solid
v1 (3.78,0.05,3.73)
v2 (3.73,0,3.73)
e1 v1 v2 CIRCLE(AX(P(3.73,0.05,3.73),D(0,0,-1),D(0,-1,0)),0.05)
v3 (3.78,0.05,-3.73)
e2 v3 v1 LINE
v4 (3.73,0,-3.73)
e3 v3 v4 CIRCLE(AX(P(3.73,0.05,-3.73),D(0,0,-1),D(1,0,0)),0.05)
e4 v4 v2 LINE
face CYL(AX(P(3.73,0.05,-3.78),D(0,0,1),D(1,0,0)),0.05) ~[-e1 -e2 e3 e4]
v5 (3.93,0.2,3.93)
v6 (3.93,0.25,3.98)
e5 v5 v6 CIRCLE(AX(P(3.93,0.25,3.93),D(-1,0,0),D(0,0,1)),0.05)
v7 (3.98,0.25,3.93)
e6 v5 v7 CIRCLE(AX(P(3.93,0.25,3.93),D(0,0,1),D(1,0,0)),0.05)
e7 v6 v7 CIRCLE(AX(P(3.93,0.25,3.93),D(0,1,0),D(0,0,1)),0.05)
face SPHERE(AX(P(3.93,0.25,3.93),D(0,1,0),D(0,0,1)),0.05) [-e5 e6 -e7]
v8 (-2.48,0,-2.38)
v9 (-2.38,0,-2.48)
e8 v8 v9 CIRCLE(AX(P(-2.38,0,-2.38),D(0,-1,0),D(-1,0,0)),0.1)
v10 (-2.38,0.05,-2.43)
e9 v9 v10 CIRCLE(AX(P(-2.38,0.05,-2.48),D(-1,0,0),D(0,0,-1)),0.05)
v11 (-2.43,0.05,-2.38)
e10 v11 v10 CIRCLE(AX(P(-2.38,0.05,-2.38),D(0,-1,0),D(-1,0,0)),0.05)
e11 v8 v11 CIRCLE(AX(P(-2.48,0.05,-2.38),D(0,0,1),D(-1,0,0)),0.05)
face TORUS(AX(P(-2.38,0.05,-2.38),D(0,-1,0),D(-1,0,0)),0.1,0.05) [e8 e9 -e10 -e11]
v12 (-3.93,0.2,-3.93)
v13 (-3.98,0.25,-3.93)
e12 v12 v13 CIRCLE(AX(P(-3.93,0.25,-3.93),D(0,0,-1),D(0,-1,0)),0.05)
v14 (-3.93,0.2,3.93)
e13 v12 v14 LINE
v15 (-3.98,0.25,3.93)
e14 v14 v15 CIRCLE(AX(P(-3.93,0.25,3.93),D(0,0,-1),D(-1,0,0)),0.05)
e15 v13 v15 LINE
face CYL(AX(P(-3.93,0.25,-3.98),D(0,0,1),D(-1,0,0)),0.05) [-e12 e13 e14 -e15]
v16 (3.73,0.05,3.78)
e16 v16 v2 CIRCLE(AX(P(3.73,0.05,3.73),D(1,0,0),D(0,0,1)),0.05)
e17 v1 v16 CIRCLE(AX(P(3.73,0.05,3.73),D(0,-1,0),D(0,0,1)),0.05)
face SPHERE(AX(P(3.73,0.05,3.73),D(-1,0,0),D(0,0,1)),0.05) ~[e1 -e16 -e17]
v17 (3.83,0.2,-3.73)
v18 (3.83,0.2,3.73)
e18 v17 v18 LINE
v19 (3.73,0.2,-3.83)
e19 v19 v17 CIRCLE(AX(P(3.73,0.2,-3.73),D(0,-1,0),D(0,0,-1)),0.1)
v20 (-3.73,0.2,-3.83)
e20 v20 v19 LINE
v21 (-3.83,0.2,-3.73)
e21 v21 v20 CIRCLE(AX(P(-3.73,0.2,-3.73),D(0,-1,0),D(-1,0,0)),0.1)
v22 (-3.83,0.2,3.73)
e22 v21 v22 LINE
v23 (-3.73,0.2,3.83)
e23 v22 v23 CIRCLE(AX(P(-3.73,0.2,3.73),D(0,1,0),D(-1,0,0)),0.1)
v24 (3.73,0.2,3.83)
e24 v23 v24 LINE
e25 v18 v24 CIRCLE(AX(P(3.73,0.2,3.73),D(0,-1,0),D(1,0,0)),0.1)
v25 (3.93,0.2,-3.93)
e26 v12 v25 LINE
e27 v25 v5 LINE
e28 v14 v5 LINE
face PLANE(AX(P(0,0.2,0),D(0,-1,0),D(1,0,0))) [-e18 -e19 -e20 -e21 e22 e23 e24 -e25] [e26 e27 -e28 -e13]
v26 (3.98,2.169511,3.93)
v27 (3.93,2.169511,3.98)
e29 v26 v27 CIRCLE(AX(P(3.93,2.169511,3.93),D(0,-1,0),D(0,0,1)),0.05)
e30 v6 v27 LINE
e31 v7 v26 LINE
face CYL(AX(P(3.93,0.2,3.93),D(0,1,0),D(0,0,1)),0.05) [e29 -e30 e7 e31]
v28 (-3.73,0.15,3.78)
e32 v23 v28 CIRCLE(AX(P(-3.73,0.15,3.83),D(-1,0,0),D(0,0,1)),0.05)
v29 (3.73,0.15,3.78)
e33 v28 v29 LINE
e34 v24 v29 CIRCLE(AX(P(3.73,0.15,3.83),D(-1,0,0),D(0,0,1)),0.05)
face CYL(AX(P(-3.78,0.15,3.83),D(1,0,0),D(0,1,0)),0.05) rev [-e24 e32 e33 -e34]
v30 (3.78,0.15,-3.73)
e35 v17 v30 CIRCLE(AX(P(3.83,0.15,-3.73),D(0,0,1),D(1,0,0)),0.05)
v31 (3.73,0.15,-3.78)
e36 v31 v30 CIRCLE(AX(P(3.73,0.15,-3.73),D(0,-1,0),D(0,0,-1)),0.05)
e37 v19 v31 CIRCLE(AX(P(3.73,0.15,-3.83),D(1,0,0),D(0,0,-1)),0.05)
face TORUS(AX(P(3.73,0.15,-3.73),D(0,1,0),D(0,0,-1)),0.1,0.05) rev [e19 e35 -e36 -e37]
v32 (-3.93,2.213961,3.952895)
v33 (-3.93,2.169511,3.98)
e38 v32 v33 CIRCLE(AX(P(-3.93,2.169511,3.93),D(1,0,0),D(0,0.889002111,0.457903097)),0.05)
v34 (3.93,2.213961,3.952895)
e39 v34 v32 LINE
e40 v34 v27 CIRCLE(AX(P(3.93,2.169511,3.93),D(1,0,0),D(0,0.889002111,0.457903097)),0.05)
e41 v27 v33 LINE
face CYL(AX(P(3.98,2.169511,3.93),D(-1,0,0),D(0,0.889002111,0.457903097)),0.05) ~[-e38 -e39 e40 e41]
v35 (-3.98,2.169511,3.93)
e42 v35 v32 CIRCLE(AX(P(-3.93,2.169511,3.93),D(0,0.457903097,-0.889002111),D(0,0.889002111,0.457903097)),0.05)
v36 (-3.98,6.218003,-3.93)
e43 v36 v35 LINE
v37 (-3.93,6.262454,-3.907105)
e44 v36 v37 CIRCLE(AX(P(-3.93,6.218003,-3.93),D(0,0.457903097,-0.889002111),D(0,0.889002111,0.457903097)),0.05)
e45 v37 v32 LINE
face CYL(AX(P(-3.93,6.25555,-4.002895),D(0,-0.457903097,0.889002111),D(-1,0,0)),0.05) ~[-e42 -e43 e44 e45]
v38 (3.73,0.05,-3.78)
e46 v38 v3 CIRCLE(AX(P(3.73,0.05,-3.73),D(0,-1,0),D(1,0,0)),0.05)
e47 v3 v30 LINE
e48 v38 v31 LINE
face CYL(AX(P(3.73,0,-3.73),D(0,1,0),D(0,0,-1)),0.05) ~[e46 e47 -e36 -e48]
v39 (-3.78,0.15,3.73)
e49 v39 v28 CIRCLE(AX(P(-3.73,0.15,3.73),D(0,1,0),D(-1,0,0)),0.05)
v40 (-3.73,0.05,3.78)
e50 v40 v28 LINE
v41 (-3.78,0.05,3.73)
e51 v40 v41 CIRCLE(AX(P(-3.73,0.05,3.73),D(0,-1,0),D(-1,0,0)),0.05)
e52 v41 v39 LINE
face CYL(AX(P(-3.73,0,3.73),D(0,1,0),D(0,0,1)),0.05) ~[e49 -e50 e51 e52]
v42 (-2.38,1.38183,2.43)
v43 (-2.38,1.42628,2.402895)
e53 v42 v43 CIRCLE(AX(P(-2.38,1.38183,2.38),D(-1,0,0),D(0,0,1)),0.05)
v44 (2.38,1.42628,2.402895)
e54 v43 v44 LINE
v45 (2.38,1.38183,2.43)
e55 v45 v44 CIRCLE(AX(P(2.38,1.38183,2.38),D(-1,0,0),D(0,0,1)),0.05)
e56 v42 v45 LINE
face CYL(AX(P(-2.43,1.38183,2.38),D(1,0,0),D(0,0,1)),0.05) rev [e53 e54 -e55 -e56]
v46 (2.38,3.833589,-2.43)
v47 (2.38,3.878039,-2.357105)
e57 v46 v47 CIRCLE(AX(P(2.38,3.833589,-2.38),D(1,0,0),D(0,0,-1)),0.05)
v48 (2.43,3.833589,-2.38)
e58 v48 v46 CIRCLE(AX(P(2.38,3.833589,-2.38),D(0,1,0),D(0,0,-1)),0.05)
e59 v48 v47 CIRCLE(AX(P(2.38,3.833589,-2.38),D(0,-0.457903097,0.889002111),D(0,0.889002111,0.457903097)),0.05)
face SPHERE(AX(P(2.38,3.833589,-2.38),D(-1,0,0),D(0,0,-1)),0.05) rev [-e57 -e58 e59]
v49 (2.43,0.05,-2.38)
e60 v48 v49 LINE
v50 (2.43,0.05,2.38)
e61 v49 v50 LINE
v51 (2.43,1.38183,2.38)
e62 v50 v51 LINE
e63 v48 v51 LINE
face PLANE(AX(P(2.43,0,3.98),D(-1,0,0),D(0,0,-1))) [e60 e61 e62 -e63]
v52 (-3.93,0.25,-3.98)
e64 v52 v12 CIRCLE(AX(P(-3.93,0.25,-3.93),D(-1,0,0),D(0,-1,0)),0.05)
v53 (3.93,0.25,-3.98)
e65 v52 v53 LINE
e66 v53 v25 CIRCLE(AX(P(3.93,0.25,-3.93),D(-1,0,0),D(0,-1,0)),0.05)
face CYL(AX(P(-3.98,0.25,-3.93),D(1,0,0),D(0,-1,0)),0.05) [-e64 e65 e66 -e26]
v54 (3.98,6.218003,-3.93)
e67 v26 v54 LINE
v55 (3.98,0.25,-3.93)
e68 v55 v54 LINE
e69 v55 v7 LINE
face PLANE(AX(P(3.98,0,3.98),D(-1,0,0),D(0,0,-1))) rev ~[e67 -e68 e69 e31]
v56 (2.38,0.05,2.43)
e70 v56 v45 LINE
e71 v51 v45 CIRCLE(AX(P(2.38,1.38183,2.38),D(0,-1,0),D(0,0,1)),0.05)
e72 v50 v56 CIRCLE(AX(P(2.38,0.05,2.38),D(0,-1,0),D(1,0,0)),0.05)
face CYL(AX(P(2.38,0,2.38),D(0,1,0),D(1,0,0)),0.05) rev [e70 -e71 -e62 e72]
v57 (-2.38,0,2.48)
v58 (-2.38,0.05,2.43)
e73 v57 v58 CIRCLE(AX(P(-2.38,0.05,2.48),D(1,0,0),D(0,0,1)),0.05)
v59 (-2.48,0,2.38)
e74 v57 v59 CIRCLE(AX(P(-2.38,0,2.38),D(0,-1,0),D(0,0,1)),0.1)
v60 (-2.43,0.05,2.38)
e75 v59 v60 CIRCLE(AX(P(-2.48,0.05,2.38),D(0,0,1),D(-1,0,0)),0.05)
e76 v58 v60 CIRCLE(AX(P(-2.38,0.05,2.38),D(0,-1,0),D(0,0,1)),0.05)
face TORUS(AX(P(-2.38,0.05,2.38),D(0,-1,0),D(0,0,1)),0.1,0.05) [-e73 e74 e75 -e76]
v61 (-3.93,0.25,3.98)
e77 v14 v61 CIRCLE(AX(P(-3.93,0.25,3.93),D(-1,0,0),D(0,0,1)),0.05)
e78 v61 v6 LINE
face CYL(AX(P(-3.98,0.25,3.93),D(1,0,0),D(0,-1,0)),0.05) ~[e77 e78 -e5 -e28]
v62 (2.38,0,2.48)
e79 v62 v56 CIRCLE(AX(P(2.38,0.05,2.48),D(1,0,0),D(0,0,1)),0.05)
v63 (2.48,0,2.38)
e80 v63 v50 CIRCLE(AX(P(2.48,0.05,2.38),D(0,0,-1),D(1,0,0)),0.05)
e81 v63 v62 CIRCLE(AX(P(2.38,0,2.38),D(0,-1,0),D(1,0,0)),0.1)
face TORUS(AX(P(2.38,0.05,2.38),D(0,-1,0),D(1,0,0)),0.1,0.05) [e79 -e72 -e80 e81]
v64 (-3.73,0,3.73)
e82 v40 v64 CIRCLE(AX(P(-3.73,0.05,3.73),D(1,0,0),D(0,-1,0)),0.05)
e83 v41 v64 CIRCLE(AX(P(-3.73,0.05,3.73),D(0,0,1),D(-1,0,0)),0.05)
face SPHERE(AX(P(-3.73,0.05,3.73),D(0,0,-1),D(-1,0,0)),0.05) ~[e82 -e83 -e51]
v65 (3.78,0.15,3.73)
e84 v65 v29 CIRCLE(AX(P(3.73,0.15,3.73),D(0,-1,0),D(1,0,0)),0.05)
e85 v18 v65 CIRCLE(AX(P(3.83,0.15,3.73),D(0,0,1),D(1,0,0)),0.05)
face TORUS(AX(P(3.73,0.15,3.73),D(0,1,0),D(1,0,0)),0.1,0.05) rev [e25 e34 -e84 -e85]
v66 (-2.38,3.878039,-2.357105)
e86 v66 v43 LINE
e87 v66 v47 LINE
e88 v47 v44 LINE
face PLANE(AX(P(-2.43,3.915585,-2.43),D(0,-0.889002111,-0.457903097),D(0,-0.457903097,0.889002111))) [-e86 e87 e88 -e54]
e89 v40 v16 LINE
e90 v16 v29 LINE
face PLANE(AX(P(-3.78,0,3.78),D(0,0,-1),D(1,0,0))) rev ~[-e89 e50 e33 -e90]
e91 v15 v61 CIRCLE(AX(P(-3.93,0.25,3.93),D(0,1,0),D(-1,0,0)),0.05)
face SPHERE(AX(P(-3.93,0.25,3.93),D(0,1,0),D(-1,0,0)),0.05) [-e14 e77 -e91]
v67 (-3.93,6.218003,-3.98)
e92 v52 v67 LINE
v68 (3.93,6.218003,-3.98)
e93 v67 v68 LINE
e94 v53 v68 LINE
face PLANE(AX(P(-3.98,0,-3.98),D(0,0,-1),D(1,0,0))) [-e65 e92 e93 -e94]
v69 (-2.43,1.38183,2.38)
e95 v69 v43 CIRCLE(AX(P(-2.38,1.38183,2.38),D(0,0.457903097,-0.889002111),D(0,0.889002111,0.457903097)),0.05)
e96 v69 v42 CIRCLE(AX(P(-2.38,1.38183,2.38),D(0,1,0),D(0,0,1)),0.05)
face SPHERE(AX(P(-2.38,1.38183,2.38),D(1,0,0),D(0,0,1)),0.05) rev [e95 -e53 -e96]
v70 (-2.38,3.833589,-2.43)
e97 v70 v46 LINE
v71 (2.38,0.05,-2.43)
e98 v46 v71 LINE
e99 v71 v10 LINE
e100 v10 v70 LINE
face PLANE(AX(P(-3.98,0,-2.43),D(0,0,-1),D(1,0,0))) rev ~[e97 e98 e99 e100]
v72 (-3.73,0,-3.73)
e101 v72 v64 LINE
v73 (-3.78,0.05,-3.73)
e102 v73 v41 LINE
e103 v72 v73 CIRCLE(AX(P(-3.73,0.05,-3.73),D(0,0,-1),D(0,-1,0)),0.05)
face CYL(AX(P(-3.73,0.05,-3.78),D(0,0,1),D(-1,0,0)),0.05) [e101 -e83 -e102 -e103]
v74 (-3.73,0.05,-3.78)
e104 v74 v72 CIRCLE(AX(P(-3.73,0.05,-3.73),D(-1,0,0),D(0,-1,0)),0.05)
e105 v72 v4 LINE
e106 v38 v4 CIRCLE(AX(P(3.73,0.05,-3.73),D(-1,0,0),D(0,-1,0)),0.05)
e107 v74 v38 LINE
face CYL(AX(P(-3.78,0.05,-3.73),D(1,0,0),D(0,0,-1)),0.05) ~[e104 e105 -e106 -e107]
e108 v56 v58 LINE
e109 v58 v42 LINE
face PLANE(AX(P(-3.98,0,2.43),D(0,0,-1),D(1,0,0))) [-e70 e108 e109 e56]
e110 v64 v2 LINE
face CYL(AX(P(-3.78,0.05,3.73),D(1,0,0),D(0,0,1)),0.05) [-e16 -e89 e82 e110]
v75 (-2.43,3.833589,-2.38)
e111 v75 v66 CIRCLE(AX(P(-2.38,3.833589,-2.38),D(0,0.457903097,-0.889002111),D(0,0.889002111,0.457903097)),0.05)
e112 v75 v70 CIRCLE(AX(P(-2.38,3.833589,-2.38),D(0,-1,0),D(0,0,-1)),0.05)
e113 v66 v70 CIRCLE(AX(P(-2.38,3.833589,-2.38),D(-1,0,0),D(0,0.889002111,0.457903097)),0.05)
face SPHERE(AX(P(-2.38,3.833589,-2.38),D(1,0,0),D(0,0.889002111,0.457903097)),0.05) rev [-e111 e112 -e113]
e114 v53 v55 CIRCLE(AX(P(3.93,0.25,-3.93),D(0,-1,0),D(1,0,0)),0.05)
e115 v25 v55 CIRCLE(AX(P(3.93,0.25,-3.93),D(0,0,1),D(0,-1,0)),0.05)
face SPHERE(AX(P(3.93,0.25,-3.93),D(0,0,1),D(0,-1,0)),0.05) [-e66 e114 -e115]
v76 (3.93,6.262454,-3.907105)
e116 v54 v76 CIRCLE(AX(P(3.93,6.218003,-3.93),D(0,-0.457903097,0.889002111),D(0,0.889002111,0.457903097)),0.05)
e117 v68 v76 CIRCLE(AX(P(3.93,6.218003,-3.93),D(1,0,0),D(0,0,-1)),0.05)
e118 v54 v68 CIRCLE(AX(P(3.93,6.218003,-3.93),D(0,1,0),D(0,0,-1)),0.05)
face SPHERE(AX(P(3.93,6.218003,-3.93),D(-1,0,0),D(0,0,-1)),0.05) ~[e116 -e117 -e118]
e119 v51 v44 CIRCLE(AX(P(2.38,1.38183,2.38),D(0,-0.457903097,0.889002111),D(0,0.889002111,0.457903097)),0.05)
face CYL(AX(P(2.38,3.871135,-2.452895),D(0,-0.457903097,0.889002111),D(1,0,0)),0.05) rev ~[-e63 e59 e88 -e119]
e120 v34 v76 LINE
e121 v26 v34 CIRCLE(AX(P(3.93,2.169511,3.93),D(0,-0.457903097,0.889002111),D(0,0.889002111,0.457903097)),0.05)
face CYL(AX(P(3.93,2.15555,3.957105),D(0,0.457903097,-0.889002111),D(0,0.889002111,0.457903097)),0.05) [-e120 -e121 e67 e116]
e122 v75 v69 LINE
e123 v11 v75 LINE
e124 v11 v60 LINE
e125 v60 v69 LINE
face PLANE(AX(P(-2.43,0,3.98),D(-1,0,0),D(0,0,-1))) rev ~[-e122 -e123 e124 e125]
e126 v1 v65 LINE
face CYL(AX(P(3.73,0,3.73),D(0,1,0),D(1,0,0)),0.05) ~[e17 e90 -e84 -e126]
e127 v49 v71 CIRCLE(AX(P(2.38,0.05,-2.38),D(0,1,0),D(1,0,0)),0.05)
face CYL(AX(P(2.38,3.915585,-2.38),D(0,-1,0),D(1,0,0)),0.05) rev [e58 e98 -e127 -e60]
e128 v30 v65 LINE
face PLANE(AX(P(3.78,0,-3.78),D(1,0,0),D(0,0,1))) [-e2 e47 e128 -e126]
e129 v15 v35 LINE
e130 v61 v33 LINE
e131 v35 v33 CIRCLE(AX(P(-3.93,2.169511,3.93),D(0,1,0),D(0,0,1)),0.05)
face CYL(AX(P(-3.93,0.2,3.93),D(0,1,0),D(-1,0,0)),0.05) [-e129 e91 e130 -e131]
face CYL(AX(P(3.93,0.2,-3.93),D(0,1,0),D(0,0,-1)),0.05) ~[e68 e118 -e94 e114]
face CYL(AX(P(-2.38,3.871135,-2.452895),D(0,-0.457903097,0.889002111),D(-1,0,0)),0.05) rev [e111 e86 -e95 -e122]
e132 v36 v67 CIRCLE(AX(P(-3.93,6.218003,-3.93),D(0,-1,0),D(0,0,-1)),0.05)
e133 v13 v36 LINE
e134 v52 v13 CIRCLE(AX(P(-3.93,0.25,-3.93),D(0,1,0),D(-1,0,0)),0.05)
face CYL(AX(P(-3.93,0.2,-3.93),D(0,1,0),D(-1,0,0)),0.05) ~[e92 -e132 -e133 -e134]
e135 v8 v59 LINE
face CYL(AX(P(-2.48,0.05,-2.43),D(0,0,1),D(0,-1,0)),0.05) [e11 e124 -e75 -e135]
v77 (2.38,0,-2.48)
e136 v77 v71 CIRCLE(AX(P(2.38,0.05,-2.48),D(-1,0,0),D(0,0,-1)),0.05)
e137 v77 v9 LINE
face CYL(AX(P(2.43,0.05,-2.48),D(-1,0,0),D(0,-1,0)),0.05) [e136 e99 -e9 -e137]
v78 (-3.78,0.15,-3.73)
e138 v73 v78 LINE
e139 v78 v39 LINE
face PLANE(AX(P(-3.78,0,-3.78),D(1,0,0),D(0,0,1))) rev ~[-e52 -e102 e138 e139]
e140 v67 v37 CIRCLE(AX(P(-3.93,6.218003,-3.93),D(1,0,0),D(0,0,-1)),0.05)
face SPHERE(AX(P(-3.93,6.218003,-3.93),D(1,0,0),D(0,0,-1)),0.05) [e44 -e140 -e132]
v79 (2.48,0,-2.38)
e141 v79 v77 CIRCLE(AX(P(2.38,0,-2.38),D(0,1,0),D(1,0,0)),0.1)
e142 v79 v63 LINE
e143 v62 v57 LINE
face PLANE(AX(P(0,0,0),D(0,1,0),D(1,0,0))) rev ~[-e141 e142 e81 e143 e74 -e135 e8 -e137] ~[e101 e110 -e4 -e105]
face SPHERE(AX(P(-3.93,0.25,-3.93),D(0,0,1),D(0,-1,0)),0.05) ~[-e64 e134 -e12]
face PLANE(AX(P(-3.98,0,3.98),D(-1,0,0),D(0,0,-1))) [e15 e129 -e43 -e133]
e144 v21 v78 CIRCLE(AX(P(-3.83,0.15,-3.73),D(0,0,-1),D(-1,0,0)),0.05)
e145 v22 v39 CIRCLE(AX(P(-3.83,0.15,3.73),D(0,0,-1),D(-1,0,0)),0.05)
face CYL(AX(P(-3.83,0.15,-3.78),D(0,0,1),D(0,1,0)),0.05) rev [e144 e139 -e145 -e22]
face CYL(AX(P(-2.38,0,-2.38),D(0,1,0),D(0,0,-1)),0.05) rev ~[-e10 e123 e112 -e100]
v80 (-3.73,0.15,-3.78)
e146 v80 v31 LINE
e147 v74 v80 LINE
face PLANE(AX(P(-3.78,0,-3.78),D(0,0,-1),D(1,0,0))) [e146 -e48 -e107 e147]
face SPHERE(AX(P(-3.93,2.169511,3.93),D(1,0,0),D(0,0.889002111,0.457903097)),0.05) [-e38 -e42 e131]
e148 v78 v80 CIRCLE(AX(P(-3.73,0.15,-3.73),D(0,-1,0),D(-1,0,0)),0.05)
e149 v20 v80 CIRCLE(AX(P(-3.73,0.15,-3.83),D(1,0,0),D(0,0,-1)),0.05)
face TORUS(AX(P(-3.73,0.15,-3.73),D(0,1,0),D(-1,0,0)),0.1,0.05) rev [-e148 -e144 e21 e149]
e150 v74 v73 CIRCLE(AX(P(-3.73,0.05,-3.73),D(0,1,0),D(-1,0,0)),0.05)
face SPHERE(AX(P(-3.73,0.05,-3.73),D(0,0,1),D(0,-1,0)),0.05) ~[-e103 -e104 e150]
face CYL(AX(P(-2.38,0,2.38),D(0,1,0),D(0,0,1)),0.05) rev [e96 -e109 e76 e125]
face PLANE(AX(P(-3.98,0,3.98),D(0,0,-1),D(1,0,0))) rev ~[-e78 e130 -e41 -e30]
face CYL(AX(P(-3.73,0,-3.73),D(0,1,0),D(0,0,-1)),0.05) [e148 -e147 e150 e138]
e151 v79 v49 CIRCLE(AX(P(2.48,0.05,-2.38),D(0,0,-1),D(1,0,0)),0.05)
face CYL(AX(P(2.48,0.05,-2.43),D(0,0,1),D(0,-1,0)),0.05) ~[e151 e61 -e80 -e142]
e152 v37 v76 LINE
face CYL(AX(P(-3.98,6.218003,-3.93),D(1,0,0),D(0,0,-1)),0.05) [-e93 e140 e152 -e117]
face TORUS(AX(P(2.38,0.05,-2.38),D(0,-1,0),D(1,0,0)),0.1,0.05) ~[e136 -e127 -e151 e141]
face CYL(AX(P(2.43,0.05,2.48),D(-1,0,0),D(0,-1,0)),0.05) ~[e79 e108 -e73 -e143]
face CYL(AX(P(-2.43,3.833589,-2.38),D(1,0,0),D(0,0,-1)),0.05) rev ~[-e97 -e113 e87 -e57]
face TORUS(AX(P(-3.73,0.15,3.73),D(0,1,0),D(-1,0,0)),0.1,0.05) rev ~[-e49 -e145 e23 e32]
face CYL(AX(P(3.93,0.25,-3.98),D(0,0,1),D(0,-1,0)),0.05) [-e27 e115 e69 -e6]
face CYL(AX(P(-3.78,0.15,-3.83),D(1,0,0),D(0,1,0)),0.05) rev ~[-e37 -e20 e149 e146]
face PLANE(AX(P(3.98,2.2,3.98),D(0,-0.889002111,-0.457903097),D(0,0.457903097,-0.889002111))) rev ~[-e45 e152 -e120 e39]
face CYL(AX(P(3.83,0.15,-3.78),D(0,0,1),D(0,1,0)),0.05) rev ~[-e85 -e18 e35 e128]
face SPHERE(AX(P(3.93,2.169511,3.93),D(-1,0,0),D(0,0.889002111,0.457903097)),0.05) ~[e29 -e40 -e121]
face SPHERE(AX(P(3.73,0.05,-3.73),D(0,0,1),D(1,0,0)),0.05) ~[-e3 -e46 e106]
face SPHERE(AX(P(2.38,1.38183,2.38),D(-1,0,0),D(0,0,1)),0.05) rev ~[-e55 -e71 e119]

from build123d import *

# Parameters (mm, degrees)
SKETCH1_W      = 7.96
SKETCH1_H      = 7.96
EXTRUDE1_DEPTH = 6.3
EXTRUDE2_DEPTH = 8.96
SHELL1_T       = -1.55
EXTRUDE4_DEPTH = 4.86
SKETCH6_W      = 7.96
SKETCH6_H      = 7.96
SKETCH6_W_2    = 7.56
SKETCH6_H_2    = 7.56
EXTRUDE5_DEPTH = 0.2
FILLET1_R      = 0.05


with BuildPart() as part:
    # Sketch1 → Extrude1 (new body)
    with BuildSketch(Plane(origin=(0, 0, 0), x_dir=(1, 0, 0), z_dir=(0, 1, 0))):
        Rectangle(SKETCH1_W, SKETCH1_H)
    extrude(amount=EXTRUDE1_DEPTH)

    # Sketch2 → Extrude2 (cut, through all)
    with BuildSketch(Plane(origin=(3.98, 0, 0), x_dir=(0, 0, -1), z_dir=(1, 0, 0))):
        Polygon((-3.98, 2.2), (3.98, 6.3), (-3.98, 6.3), align=None)
    extrude(amount=-EXTRUDE2_DEPTH, mode=Mode.SUBTRACT)

    # Shell1
    shell1_openings = [part.faces().sort_by_distance(p)[0] for p in [
        (0, 0, 0),
    ]]
    offset(amount=SHELL1_T, openings=shell1_openings, kind=Kind.INTERSECTION)

    # Sketch5 → Extrude4 (cut)
    with BuildSketch(Plane(origin=(-2.43, 0, 0), x_dir=(0, 0, -1), z_dir=(1, 0, 0))):
        Polygon((-2.43, 0), (2.43, 0), (2.43, 3.915585189), (-2.43, 1.412318857), align=None)
    extrude(amount=EXTRUDE4_DEPTH, mode=Mode.SUBTRACT)

    # Sketch6 → Extrude5 (cut)
    with BuildSketch(Plane.XZ):
        Rectangle(SKETCH6_W, SKETCH6_H)
        Rectangle(SKETCH6_W_2, SKETCH6_H_2, mode=Mode.SUBTRACT)
    extrude(amount=-EXTRUDE5_DEPTH, mode=Mode.SUBTRACT)

    # Fillet1
    fillet1_edges = [part.edges().sort_by_distance(p)[0] for p in [
        (3.98, 1.2, 3.98),
        (-3.98, 1.2, 3.98),
        (0, 2.2, 3.98),
        (-3.98, 4.25, 0),
        (3.98, 4.25, 0),
        (2.43, 0.706159428, 2.43),
        (2.43, 0, 0),
        (0, 0, -2.43),
        (2.43, 1.957792594, -2.43),
        (-2.43, 1.957792594, -2.43),
        (-2.43, 0, 0),
        (-2.43, 0.706159428, 2.43),
        (0, 0, 2.43),
        (2.43, 2.663952023, 0),
        (0, 3.915585189, -2.43),
        (-2.43, 2.663952023, 0),
        (0, 1.412318857, 2.43),
        (-3.98, 0.2, 0),
        (0, 0.2, 3.98),
        (3.98, 0.2, 0),
        (0, 0.2, -3.98),
        (-3.78, 0.2, 0),
        (0, 0.2, -3.78),
        (3.78, 0.2, 0),
        (0, 0.2, 3.78),
        (-3.78, 0, 0),
        (-3.78, 0.1, 3.78),
        (0, 0, 3.78),
        (3.78, 0.1, 3.78),
        (3.78, 0, 0),
        (3.78, 0.1, -3.78),
        (0, 0, -3.78),
        (-3.78, 0.1, -3.78),
        (0, 6.3, -3.98),
        (-3.98, 3.25, -3.98),
        (3.98, 3.25, -3.98),
    ]]
    fillet(fillet1_edges, radius=FILLET1_R)


solid = part.part
